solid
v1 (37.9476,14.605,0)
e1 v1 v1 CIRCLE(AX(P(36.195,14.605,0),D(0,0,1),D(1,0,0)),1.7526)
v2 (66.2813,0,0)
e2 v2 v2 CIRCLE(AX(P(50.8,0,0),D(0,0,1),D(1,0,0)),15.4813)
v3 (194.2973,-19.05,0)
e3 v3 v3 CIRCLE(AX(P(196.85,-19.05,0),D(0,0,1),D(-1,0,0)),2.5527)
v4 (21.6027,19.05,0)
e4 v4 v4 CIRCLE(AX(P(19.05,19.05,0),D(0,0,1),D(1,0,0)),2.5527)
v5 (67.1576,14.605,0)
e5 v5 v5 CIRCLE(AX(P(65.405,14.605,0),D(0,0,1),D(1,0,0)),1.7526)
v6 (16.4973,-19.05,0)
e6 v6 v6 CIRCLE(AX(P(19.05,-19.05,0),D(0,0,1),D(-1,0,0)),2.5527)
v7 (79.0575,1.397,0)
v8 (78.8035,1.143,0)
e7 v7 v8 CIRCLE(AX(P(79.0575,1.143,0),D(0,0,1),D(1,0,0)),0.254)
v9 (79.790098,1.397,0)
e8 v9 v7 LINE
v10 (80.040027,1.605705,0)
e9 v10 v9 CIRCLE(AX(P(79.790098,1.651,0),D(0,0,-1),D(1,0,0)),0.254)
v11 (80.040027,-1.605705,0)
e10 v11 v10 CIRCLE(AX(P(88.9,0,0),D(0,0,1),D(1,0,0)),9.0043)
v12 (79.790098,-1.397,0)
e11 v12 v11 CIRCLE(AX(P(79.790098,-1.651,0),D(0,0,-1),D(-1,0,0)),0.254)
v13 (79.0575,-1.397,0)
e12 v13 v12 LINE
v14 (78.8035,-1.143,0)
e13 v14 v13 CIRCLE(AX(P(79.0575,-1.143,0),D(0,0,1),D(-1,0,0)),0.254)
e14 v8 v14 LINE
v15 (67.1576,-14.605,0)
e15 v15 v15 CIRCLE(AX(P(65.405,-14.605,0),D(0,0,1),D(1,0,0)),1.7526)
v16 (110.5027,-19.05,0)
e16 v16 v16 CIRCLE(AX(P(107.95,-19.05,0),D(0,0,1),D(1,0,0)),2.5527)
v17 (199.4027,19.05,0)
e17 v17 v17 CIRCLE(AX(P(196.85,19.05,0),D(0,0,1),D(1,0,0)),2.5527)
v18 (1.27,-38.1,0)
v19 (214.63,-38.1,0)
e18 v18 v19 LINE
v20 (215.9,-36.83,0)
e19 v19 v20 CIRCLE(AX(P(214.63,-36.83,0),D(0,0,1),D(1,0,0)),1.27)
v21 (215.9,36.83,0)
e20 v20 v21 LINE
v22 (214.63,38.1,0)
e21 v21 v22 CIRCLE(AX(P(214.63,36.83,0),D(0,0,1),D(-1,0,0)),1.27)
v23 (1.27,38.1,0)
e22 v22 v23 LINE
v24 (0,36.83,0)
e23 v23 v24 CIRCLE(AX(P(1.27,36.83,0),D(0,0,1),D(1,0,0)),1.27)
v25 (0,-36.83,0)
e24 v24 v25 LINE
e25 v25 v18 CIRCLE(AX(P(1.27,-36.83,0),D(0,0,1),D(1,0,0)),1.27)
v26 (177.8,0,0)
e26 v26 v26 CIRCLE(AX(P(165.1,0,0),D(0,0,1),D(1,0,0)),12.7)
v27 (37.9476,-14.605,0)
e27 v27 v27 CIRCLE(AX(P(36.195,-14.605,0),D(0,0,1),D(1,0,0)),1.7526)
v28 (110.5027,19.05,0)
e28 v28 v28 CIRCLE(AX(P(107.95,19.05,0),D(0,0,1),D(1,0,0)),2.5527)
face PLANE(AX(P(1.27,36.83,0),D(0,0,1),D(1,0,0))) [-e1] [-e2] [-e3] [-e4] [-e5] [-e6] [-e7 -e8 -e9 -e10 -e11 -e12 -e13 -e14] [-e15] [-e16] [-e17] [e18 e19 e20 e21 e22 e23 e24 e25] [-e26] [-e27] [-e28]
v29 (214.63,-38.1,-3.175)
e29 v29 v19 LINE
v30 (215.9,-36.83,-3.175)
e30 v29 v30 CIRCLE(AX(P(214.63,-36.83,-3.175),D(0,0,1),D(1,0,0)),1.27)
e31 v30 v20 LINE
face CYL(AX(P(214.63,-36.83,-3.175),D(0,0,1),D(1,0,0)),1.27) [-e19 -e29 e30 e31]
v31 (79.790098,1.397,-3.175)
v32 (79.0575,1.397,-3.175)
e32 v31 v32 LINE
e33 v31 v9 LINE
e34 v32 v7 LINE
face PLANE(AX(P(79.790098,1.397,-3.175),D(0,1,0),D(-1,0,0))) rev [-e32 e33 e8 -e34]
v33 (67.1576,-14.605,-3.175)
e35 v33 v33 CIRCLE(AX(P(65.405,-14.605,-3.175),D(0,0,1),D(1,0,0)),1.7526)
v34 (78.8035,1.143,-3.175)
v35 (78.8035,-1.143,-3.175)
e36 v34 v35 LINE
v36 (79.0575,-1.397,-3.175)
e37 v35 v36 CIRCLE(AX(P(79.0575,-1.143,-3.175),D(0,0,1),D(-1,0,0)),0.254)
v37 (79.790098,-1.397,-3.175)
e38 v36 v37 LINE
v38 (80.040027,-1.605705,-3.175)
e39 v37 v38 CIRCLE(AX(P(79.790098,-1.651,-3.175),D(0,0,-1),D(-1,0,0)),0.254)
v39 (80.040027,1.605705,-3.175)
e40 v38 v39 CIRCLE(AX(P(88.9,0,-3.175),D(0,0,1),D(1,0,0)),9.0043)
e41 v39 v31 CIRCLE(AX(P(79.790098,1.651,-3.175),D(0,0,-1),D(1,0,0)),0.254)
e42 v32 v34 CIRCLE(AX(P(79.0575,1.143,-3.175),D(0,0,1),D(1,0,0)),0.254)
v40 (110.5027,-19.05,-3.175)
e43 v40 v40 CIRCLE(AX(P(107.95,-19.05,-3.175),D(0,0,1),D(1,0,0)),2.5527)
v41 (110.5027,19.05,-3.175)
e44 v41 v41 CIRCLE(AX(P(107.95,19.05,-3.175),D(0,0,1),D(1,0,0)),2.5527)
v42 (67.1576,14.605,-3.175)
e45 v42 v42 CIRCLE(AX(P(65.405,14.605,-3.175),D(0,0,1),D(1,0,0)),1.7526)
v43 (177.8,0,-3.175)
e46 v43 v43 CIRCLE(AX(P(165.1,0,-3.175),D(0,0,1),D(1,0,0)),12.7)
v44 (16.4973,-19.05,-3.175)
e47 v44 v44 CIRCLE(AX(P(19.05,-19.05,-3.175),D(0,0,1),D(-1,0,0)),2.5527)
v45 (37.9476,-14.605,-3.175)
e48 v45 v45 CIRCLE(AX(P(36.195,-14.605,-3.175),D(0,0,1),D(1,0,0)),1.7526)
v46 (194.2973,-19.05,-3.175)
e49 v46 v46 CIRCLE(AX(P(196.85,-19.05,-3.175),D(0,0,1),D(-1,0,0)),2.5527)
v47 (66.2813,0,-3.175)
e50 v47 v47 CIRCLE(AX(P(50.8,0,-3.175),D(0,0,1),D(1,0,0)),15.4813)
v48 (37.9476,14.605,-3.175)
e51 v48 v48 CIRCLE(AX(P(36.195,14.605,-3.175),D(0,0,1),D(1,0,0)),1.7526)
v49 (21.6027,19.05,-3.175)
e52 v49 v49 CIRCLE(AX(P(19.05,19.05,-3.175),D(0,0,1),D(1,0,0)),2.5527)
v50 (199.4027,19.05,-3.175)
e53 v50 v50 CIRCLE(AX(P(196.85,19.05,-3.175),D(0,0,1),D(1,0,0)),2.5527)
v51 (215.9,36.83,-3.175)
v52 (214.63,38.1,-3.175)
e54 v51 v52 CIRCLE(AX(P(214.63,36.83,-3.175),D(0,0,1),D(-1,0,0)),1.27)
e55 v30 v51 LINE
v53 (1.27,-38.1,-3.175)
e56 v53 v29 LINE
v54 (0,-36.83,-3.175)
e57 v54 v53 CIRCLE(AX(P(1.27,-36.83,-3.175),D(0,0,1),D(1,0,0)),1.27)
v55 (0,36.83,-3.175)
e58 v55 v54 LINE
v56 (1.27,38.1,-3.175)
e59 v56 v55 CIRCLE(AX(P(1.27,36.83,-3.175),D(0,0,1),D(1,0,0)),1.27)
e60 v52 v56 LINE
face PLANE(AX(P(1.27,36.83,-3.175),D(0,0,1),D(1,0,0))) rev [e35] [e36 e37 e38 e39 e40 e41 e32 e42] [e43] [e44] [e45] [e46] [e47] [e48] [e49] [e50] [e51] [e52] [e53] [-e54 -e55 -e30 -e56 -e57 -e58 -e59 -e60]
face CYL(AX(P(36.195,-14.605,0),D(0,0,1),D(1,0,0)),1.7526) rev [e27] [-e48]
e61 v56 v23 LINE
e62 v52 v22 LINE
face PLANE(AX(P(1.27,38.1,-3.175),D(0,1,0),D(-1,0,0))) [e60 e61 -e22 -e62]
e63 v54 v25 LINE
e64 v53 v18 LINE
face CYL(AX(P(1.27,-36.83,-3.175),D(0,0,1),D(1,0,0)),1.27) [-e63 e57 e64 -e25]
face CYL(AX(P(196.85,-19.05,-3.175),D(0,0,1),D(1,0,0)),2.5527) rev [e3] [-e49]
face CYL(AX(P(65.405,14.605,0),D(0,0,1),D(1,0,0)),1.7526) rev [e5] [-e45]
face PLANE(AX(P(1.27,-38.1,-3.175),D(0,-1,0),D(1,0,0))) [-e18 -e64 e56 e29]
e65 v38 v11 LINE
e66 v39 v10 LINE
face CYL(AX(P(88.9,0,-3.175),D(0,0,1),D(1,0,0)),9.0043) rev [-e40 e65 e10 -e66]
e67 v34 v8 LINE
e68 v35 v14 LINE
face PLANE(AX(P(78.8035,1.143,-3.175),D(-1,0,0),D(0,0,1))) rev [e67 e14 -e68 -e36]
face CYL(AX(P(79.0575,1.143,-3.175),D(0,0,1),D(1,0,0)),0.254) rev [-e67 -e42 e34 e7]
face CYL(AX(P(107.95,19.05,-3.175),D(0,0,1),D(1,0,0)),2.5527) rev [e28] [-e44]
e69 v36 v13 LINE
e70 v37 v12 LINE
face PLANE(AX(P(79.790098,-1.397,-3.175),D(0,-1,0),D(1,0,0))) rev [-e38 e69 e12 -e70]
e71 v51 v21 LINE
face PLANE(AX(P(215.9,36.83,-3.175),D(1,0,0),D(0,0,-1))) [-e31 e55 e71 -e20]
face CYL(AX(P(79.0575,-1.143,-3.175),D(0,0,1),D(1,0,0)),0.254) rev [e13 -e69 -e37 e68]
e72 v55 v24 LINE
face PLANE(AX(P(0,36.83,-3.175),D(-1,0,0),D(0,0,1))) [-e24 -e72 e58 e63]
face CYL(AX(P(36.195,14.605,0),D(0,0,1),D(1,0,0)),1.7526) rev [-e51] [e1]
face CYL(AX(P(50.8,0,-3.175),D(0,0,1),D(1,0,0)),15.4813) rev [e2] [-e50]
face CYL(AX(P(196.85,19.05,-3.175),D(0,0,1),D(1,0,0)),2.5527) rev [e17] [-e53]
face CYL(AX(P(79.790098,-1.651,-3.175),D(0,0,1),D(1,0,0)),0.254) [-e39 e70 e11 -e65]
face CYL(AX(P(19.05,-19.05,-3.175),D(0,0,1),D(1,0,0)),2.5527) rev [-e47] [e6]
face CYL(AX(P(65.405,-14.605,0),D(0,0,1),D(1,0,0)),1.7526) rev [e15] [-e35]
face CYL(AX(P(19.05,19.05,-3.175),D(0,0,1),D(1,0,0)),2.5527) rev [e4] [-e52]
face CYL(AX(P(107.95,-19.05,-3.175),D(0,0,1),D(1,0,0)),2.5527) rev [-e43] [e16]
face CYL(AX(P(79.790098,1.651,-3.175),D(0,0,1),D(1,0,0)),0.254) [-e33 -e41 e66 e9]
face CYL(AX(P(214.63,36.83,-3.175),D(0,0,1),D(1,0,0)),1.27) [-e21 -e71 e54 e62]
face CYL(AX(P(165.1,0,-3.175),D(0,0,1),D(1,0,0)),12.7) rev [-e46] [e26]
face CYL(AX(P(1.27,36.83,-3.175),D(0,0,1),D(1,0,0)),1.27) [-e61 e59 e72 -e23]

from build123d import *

# Parameters (mm, degrees)
SKETCH1_R             = 12.7
SKETCH1_R_2           = 15.4813
SKETCH1_R_3           = 2.5527
EXTRUDE1_DEPTH        = 3.175
F_6_32_TAPPED_HOLE1_D = 3.5052


with BuildPart() as part:
    # Sketch1 → Extrude1 (new body)
    with BuildSketch(Plane.XY):
        with BuildLine():
            Line((1.27, 38.1), (214.63, 38.1))
            ThreePointArc((214.63, 38.1), (215.528025612, 37.728025612), (215.9, 36.83))
            Line((215.9, 36.83), (215.9, -36.83))
            ThreePointArc((215.9, -36.83), (215.528025612, -37.728025612), (214.63, -38.1))
            Line((214.63, -38.1), (1.27, -38.1))
            ThreePointArc((1.27, -38.1), (0.371974388, -37.728025612), (0, -36.83))
            Line((0, -36.83), (0, 36.83))
            ThreePointArc((0, 36.83), (0.371974388, 37.728025612), (1.27, 38.1))
        make_face()
        with Locations((165.1, 0)):
            Circle(SKETCH1_R, mode=Mode.SUBTRACT)
        with Locations((50.8, 0)):
            Circle(SKETCH1_R_2, mode=Mode.SUBTRACT)
        with Locations((19.05, 19.05)):
            Circle(SKETCH1_R_3, mode=Mode.SUBTRACT)
        with Locations((196.85, 19.05)):
            Circle(SKETCH1_R_3, mode=Mode.SUBTRACT)
        with Locations(Location((196.85, -19.05, 0), (0, 0, 180))):
            Circle(SKETCH1_R_3, mode=Mode.SUBTRACT)
        with Locations(Location((19.05, -19.05, 0), (0, 0, 180))):
            Circle(SKETCH1_R_3, mode=Mode.SUBTRACT)
        with Locations((107.95, 19.05)):
            Circle(SKETCH1_R_3, mode=Mode.SUBTRACT)
        with Locations((107.95, -19.05)):
            Circle(SKETCH1_R_3, mode=Mode.SUBTRACT)
        with BuildLine():
            Line((79.790097811, 1.397), (79.0575, 1.397))
            ThreePointArc((79.0575, 1.397), (78.877894878, 1.322605122), (78.8035, 1.143))
            Line((78.8035, 1.143), (78.8035, -1.143))
            ThreePointArc((78.8035, -1.143), (78.877894878, -1.322605122), (79.0575, -1.397))
            Line((79.0575, -1.397), (79.790097811, -1.397))
            ThreePointArc((79.790097811, -1.397), (79.952903046, -1.456037297), (80.040026541, -1.605705075))
            ThreePointArc((80.040026541, -1.605705075), (97.9043, 0), (80.040026541, 1.605705075))
            ThreePointArc((80.040026541, 1.605705075), (79.952903046, 1.456037297), (79.790097811, 1.397))
        make_face(mode=Mode.SUBTRACT)
    extrude(amount=-EXTRUDE1_DEPTH)

    # #6-32 Tapped Hole1 (through all)
    with Locations(Plane.XY):
        with Locations((36.195, 14.605), (65.405, 14.605), (65.405, -14.605), (36.195, -14.605)):
            Hole(F_6_32_TAPPED_HOLE1_D / 2)


solid = part.part
